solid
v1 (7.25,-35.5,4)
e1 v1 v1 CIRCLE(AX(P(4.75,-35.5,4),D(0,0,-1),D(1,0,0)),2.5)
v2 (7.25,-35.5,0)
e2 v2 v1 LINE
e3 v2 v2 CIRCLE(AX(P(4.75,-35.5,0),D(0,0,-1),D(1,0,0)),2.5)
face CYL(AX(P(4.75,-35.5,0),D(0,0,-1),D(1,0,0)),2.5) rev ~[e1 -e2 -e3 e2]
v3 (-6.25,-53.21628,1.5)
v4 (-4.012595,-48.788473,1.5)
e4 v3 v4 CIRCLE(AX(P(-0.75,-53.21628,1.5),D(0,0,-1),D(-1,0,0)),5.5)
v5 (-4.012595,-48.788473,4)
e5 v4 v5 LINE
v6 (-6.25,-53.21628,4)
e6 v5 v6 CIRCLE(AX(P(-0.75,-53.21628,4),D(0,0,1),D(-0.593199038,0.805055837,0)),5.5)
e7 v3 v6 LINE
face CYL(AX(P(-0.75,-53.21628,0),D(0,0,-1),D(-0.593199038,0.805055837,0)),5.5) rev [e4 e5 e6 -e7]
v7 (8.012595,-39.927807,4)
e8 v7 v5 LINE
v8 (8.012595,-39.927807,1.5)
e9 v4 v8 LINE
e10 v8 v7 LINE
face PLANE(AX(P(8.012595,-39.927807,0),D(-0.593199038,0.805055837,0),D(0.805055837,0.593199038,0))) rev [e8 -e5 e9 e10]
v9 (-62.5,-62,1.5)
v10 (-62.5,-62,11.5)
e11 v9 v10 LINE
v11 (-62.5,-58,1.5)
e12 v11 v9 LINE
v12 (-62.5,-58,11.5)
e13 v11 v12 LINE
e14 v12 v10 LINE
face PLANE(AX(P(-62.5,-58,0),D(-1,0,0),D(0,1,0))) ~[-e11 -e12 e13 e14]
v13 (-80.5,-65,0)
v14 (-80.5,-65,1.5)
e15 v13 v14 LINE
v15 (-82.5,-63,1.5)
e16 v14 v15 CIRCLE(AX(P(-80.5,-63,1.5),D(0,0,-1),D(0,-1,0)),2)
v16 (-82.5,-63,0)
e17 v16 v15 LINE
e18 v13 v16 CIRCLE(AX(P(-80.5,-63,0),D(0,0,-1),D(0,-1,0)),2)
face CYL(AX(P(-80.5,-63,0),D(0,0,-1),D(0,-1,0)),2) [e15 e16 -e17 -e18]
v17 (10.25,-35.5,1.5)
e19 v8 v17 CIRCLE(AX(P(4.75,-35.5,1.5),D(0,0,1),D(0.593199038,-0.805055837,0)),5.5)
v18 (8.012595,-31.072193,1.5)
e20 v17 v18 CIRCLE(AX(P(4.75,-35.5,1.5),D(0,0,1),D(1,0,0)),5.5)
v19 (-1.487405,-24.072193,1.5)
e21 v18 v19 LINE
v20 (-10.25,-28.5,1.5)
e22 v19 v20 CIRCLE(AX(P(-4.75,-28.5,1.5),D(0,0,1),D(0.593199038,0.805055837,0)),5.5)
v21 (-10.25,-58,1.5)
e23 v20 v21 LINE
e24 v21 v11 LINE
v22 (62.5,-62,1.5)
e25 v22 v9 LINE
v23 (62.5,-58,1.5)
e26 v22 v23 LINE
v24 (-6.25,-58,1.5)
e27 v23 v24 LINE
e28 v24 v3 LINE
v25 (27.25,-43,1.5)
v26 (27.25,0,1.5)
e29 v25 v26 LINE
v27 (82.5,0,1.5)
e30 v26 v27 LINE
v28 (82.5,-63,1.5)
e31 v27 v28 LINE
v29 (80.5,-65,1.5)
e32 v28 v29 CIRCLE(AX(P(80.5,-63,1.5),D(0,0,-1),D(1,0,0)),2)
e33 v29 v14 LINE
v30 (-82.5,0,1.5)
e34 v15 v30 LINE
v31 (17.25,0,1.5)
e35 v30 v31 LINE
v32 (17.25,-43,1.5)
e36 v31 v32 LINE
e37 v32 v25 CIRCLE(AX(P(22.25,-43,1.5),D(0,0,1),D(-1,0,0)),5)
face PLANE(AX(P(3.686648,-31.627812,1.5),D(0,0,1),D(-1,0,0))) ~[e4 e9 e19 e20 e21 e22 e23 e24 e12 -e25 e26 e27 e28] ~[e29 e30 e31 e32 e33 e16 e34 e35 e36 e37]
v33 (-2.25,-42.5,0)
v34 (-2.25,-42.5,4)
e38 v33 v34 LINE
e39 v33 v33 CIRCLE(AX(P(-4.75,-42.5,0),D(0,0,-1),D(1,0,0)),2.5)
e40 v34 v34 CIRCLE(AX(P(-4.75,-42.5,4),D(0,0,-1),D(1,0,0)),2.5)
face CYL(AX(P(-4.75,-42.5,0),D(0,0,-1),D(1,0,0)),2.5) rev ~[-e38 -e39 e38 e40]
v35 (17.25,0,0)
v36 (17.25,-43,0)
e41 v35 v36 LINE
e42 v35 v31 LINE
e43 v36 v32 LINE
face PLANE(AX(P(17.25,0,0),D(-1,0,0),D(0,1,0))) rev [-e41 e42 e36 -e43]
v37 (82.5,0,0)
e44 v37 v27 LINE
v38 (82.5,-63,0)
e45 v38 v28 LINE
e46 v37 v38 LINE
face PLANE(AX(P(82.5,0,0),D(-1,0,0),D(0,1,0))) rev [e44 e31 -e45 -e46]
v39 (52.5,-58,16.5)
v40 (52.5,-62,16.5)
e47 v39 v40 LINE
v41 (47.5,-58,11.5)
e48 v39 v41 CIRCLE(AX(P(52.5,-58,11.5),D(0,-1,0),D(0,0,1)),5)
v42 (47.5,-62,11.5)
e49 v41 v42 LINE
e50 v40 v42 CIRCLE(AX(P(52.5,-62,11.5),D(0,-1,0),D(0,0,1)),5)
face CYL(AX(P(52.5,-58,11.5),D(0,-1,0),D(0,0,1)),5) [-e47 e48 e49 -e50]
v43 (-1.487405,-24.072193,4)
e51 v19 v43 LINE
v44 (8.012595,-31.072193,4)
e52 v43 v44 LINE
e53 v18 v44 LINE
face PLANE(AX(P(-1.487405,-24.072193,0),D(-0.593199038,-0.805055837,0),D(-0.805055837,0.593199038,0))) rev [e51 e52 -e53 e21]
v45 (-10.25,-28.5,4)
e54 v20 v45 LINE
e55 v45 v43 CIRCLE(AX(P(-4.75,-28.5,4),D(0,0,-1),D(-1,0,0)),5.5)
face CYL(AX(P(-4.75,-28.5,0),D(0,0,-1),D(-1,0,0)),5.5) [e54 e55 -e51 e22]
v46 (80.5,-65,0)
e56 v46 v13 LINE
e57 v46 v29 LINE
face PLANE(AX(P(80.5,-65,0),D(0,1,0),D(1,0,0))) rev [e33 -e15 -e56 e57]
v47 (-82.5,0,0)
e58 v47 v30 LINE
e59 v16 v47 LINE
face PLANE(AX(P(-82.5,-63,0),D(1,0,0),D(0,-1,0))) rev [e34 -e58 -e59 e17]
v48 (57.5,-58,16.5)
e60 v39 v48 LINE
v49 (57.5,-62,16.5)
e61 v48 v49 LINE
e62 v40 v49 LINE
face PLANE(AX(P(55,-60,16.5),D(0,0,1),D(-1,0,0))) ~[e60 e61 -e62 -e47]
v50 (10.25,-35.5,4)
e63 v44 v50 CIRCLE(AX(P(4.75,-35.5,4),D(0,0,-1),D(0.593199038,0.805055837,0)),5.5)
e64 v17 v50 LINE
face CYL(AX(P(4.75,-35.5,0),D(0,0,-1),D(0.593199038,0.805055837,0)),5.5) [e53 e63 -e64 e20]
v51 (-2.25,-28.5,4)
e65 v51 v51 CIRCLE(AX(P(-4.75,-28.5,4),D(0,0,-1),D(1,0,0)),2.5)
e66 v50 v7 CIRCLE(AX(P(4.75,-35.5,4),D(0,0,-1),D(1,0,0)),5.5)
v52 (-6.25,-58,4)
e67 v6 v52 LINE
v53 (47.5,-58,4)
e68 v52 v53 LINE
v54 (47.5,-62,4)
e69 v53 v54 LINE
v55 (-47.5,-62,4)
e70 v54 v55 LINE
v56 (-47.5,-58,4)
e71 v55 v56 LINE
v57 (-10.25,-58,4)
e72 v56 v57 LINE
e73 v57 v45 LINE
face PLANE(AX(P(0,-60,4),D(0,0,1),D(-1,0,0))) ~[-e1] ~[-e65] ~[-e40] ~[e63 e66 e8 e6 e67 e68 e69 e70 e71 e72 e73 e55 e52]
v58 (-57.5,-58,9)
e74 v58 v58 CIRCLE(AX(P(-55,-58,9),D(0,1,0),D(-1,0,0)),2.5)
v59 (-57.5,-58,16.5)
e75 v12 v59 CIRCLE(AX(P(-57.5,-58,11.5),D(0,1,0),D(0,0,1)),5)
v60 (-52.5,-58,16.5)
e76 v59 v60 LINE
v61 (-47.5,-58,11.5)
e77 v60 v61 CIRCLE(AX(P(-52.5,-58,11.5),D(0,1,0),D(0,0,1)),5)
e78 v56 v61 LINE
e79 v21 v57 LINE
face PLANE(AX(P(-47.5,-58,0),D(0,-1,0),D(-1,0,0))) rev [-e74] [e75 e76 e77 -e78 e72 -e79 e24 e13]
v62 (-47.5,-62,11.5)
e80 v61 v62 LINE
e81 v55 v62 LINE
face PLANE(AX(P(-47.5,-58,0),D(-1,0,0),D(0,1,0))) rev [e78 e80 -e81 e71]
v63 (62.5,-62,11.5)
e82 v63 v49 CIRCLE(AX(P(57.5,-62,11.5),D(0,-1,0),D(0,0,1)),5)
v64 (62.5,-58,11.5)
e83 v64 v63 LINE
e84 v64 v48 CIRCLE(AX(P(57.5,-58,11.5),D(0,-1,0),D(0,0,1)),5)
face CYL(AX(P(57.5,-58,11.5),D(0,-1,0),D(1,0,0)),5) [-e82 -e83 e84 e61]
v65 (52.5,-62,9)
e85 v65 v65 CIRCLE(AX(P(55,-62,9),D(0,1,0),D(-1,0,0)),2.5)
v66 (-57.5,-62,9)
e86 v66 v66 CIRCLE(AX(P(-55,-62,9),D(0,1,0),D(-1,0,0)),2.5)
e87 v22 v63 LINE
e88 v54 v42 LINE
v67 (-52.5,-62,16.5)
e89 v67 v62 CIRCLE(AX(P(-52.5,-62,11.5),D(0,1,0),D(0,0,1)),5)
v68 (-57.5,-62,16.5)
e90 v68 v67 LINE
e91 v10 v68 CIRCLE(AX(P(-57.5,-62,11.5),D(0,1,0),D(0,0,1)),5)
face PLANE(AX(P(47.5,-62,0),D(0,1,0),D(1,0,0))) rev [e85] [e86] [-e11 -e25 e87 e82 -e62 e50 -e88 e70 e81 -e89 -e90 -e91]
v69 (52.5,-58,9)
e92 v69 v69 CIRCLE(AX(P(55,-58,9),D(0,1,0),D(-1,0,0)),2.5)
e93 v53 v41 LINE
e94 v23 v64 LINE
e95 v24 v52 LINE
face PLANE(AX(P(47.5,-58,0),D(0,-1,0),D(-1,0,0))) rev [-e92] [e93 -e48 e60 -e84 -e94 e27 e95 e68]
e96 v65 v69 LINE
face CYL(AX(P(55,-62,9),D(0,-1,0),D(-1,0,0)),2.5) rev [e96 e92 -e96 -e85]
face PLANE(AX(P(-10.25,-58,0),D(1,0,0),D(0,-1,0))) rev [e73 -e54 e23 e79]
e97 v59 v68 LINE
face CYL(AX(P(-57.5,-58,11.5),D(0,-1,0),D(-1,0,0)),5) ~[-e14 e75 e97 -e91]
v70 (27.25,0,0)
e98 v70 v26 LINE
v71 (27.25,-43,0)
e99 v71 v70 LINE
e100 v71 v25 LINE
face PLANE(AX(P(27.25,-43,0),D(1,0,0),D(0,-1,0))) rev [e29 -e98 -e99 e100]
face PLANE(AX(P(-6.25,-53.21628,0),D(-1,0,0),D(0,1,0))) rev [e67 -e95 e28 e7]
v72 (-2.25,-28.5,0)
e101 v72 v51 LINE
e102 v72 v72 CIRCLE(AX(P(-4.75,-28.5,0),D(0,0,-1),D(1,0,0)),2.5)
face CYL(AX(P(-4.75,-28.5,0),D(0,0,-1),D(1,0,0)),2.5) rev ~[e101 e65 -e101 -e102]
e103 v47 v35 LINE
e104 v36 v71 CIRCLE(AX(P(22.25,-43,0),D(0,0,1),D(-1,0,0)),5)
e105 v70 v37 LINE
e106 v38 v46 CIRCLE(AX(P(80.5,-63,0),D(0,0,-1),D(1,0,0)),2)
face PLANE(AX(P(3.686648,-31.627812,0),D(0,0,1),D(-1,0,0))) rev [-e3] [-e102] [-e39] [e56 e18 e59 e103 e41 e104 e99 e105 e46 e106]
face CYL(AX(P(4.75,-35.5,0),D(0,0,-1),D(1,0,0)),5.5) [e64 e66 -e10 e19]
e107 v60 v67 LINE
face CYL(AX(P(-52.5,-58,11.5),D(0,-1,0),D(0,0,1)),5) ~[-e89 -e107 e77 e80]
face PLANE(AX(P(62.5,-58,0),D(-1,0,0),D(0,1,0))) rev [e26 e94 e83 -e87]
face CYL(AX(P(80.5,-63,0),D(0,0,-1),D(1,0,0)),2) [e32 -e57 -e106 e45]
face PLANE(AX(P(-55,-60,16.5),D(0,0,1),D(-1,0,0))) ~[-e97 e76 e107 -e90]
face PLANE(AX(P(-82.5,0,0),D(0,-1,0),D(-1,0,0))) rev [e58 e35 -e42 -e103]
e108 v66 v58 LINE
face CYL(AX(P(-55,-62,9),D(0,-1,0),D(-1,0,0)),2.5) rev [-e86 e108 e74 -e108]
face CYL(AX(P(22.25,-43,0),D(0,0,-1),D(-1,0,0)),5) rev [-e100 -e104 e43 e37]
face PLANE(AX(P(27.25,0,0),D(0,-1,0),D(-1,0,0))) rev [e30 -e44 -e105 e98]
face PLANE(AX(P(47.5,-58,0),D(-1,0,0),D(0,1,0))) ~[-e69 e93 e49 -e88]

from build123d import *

# Parameters (mm, degrees)
F2_DEPTH  = 1.5
F1_W      = 15
F1_H      = 4
F3_DEPTH  = 16.5
F1_R      = 2.5
F4_DEPTH  = 4
F5_R      = 2.5
F6_DEPTH  = 62.001
F7_R      = 5
F10_ANGLE = 180


with BuildPart() as f2:
    # F1 (on Top) → F2 (new body)
    with BuildSketch(Plane.XY):
        with BuildLine():
            Line((-82.5, 63), (-82.5, 0))
            Line((-82.5, 0), (17.25, 0))
            Line((17.25, 0), (17.25, 43))
            ThreePointArc((17.25, 43), (22.25, 48), (27.25, 43))
            Line((27.25, 43), (27.25, 0))
            Line((27.25, 0), (82.5, 0))
            Line((82.5, 0), (82.5, 63))
            ThreePointArc((82.5, 63), (81.9142135624, 64.4142135624), (80.5, 65))
            Line((80.5, 65), (-80.5, 65))
            ThreePointArc((-80.5, 65), (-81.9142135624, 64.4142135624), (-82.5, 63))
        make_face()
        with BuildLine():
            Line((-62.5, 58), (-62.5, 62))
            Line((-62.5, 62), (-47.5, 62))
            Line((-47.5, 62), (47.5, 62))
            Line((47.5, 62), (62.5, 62))
            Line((62.5, 62), (62.5, 58))
            Line((62.5, 58), (47.5, 58))
            Line((47.5, 58), (-6.25, 58))
            Line((-6.25, 58), (-6.25, 53.2162800982))
            ThreePointArc((-6.25, 53.2162800982), (-5.6588833201, 50.735783263), (-4.0125947093, 48.7884729928))
            Line((-4.0125947093, 48.7884729928), (8.0125947093, 39.9278071054))
            ThreePointArc((8.0125947093, 39.9278071054), (9.6588833201, 37.9804968352), (10.25, 35.5))
            ThreePointArc((10.25, 35.5), (9.6588833201, 33.0195031648), (8.0125947093, 31.0721928946))
            Line((8.0125947093, 31.0721928946), (-1.4874052907, 24.0721928946))
            ThreePointArc((-1.4874052907, 24.0721928946), (-7.2304968352, 23.5911166799), (-10.25, 28.5))
            Line((-10.25, 28.5), (-10.25, 58))
            Line((-10.25, 58), (-47.5, 58))
            Line((-47.5, 58), (-62.5, 58))
        make_face(mode=Mode.SUBTRACT)
    extrude(amount=F2_DEPTH)

    # F1 (on Top) → F3 (join)
    with BuildSketch(Plane.XY):
        with Locations((-55, 60)):
            Rectangle(F1_W, F1_H)
        with Locations((55, 60)):
            Rectangle(F1_W, F1_H)
    extrude(amount=F3_DEPTH)

    # F1 (on Top) → F4 (join)
    with BuildSketch(Plane.XY):
        Polygon((47.5, 62), (-47.5, 62), (-47.5, 58), (-10.25, 58), (-6.25, 58), (47.5, 58), align=None)
        with BuildLine():
            Line((-6.25, 58), (-10.25, 58))
            Line((-10.25, 58), (-10.25, 28.5))
            ThreePointArc((-10.25, 28.5), (-7.2304968352, 23.5911166799), (-1.4874052907, 24.0721928946))
            Line((-1.4874052907, 24.0721928946), (8.0125947093, 31.0721928946))
            ThreePointArc((8.0125947093, 31.0721928946), (9.6588833201, 33.0195031648), (10.25, 35.5))
            ThreePointArc((10.25, 35.5), (9.6588833201, 37.9804968352), (8.0125947093, 39.9278071054))
            Line((8.0125947093, 39.9278071054), (-4.0125947093, 48.7884729928))
            ThreePointArc((-4.0125947093, 48.7884729928), (-5.6588833201, 50.735783263), (-6.25, 53.2162800982))
            Line((-6.25, 53.2162800982), (-6.25, 58))
        make_face()
        with Locations((-4.75, 28.5)):
            Circle(F1_R, mode=Mode.SUBTRACT)
        with Locations((-4.75, 42.5)):
            Circle(F1_R, mode=Mode.SUBTRACT)
        with Locations((4.75, 35.5)):
            Circle(F1_R, mode=Mode.SUBTRACT)
    extrude(amount=F4_DEPTH)

    # F5 (on face) → F6 (cut, through all)
    with BuildSketch(Plane(origin=(0, 62, 0), x_dir=(-1, 0, 0), z_dir=(0, 1, 0))):
        with Locations((55, 9)):
            Circle(F5_R)
        with Locations((-55, 9)):
            Circle(F5_R)
    extrude(amount=-F6_DEPTH, mode=Mode.SUBTRACT)

    # F7
    f7_edges = [f2.edges().sort_by_distance(p)[0] for p in [
        (-62.5, 60, 16.5),
        (-47.5, 60, 16.5),
        (47.5, 60, 16.5),
        (62.5, 60, 16.5),
    ]]
    fillet(f7_edges, radius=F7_R)


with BuildPart() as f8_1:
    # F8: instance of F2
    add(f2.part.mirror(Plane.XY))


with BuildPart() as f8_1_1:
    # F10: moved
    add(f8_1.part.rotate(Axis((-32.625, 0, 0), (1, 0, 0)), F10_ANGLE))


solid = f8_1_1.part
